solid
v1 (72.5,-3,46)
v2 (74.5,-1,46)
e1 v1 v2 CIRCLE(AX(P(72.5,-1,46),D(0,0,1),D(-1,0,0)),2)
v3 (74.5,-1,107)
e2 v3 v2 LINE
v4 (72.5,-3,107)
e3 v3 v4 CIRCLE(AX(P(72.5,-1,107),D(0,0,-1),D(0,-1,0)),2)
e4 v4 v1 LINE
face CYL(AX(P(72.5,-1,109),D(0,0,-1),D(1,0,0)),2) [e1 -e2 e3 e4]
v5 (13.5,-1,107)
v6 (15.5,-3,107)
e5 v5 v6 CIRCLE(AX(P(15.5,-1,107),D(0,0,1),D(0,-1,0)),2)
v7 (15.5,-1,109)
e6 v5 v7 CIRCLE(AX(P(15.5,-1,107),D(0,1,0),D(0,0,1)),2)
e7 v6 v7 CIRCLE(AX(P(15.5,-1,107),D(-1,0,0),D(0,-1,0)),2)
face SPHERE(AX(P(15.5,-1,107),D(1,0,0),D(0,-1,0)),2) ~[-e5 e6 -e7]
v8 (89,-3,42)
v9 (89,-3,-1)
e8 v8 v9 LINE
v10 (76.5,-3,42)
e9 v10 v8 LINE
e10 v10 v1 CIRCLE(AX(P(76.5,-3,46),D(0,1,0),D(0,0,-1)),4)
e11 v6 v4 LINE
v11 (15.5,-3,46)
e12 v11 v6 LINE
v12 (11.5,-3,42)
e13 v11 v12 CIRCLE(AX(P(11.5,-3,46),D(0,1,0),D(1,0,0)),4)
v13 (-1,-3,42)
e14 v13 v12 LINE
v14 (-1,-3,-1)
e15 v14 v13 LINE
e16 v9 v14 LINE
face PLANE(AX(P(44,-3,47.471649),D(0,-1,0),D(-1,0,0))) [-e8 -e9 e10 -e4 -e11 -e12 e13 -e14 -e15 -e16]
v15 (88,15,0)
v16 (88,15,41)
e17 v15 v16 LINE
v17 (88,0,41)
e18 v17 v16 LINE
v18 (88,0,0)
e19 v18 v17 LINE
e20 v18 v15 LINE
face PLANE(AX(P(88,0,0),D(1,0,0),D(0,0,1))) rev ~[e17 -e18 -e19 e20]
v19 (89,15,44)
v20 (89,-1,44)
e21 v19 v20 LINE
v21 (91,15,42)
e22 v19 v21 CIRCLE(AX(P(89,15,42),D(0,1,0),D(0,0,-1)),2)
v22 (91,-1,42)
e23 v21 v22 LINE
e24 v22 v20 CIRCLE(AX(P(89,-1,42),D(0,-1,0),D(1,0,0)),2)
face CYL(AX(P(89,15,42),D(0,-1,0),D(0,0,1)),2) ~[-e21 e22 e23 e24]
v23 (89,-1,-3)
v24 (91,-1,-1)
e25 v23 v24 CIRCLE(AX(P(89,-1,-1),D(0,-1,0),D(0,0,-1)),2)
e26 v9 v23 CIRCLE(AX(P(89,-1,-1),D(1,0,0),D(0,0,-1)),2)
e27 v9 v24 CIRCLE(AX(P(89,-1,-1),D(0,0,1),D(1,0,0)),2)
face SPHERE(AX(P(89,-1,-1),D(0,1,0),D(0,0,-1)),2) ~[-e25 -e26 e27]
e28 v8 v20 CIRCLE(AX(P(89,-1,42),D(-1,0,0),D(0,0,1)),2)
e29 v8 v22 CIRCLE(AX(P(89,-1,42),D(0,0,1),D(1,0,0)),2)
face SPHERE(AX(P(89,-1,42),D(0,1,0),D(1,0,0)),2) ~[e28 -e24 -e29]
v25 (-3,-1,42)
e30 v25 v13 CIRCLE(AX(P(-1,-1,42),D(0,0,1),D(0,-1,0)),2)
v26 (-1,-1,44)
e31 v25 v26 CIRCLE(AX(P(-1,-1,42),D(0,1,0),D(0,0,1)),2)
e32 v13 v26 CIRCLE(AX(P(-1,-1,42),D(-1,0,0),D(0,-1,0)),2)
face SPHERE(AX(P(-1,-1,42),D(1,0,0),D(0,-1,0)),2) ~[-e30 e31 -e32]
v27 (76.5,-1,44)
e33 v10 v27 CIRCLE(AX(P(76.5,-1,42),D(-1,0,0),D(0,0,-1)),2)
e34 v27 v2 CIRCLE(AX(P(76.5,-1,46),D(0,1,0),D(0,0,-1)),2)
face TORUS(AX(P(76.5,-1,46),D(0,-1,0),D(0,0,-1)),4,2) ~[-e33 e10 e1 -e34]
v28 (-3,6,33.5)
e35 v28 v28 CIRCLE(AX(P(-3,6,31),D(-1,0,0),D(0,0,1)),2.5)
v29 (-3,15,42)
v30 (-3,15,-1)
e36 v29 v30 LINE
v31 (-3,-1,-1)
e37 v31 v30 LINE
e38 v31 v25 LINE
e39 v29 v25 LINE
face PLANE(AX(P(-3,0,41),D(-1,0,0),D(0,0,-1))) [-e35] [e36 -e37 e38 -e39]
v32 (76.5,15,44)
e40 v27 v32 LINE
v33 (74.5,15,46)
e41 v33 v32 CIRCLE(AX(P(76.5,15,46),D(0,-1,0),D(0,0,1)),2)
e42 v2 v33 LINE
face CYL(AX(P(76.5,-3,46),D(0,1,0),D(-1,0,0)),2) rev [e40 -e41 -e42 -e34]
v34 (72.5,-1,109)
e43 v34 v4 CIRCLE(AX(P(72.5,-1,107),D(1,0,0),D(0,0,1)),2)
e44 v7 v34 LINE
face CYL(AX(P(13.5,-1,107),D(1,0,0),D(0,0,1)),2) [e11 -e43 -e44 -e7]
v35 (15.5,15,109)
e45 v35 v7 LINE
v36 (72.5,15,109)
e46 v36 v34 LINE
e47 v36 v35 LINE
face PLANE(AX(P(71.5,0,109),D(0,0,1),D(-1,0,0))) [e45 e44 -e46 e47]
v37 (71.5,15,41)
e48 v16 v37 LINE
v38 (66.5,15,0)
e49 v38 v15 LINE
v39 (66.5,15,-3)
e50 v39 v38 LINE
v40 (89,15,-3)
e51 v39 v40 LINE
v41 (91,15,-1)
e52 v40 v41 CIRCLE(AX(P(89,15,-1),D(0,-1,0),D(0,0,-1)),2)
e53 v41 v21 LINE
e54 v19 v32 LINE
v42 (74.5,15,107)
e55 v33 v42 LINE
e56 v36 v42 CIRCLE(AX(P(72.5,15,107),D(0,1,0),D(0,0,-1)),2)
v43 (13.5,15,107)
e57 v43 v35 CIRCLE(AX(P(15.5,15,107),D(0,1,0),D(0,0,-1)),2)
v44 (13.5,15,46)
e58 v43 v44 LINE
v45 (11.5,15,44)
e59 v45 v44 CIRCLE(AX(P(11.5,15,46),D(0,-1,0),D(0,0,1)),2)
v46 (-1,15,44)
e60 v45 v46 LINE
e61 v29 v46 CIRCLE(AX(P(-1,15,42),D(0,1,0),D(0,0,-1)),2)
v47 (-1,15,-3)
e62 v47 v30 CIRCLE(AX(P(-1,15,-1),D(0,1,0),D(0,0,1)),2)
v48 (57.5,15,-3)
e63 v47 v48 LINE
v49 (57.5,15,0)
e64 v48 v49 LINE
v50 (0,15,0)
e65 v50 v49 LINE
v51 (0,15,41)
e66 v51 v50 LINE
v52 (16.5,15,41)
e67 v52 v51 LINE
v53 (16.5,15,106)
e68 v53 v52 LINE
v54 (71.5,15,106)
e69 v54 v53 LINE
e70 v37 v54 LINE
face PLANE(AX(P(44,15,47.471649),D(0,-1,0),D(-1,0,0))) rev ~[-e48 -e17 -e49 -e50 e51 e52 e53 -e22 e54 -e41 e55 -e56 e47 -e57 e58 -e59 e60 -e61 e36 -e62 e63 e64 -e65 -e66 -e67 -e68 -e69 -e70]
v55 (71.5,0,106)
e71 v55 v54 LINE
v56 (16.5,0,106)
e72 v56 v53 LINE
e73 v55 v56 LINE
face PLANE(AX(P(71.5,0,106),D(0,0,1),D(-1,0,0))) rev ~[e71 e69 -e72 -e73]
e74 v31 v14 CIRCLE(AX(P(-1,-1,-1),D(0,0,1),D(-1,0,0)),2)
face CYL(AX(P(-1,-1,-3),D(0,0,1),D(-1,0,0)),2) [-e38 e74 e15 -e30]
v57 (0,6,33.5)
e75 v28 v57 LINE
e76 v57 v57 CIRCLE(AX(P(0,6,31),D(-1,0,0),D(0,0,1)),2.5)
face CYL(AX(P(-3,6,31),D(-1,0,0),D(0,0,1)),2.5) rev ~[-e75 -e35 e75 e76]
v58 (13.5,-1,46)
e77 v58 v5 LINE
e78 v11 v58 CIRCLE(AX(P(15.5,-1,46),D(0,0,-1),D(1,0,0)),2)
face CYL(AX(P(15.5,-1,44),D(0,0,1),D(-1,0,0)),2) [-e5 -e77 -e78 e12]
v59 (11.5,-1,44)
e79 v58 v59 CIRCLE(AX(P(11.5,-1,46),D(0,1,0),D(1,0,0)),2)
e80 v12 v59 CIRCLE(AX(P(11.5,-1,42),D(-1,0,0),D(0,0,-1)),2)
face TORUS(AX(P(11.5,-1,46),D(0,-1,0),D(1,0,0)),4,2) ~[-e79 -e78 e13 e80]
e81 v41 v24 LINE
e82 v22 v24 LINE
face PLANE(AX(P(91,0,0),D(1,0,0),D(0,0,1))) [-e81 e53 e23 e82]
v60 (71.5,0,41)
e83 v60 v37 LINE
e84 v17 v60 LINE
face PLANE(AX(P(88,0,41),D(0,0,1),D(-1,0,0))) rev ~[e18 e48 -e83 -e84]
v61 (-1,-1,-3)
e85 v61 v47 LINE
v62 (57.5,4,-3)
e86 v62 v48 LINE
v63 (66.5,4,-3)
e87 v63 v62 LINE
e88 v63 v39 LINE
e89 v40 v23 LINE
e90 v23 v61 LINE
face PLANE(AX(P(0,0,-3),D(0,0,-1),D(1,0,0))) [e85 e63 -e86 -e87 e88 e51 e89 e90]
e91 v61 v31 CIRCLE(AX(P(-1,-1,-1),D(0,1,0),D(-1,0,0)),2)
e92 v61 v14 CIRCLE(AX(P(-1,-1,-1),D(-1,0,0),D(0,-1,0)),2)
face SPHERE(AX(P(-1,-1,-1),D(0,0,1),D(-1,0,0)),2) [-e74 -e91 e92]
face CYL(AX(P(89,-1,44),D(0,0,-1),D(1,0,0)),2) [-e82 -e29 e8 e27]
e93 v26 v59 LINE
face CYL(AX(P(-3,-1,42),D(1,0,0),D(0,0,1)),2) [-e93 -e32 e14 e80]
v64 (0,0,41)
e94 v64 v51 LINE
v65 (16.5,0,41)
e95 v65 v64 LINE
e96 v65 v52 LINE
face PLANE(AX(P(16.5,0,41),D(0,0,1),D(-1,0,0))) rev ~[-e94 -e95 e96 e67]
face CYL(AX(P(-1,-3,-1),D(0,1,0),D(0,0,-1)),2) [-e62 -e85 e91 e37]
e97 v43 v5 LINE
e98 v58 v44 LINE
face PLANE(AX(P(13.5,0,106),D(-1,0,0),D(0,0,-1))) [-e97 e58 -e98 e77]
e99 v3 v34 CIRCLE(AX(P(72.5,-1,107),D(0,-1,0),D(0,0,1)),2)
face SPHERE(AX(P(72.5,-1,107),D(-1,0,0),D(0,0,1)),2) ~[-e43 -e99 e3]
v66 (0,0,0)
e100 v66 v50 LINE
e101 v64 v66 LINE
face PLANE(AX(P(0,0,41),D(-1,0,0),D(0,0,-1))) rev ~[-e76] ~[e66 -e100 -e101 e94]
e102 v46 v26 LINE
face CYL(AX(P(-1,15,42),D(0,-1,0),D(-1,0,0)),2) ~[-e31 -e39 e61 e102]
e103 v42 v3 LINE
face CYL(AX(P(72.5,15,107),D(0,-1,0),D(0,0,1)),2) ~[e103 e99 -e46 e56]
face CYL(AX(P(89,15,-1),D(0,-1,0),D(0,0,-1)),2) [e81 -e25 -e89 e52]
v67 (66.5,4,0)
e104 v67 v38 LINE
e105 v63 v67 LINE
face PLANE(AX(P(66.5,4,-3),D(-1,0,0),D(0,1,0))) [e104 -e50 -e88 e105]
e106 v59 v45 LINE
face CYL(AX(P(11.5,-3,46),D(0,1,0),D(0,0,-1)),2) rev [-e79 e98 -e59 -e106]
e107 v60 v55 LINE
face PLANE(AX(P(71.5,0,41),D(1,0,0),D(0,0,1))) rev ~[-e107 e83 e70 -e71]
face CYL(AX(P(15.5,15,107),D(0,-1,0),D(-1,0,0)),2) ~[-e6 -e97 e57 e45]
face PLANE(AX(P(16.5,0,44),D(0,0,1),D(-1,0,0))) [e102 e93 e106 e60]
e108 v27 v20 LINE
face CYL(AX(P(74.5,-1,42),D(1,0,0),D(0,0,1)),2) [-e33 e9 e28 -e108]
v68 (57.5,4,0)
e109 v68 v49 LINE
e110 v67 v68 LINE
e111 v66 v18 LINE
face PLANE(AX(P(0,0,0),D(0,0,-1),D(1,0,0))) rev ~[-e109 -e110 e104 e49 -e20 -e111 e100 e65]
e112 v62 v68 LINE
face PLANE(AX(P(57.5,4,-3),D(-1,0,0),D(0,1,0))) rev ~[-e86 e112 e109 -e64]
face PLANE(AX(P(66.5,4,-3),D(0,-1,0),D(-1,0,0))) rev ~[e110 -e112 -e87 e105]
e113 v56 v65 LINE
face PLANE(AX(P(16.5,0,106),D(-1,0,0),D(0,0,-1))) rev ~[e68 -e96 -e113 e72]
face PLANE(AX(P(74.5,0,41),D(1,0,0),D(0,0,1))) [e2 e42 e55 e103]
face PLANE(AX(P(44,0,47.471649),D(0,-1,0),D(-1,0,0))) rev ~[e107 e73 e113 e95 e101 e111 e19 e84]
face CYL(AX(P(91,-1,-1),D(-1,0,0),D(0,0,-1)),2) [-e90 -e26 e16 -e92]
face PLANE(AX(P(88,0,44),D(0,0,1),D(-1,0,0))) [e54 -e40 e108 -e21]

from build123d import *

# Parameters (mm, degrees)
BOSS_EXTRUDE1_DEPTH = 15
SHELL1_T            = 3
SKETCH3_W           = 9
SKETCH3_H           = 11
CUT_EXTRUDE1_DEPTH  = 3
SKETCH4_R           = 2.5
CUT_EXTRUDE2_DEPTH  = 3
FILLET1_R           = 2


with BuildPart() as part:
    # Sketch1 → Boss-Extrude1 (new body)
    with BuildSketch(Plane(origin=(0, 0, 0), x_dir=(1, 0, 0), z_dir=(0, 1, 0))):
        Polygon((0, 0), (88, 0), (88, -41), (71.5, -41), (71.5, -106), (16.5, -106), (16.5, -41), (0, -41), align=None)
    extrude(amount=BOSS_EXTRUDE1_DEPTH)

    # Shell1
    shell1_openings = [part.faces().sort_by_distance(p)[0] for p in [
        (44, 15, 46.878254211),
    ]]
    offset(amount=SHELL1_T, openings=shell1_openings, kind=Kind.INTERSECTION)

    # Sketch3 → Cut-Extrude1 (cut)
    with BuildSketch(Plane(origin=(0, 0, -3), x_dir=(-1, 0, 0), z_dir=(0, 0, -1))):
        with Locations((-62, 9.5)):
            Rectangle(SKETCH3_W, SKETCH3_H)
    extrude(amount=-CUT_EXTRUDE1_DEPTH, mode=Mode.SUBTRACT)

    # Sketch4 → Cut-Extrude2 (cut)
    with BuildSketch(Plane.ZY.offset(3)):
        with Locations((31, 6)):
            Circle(SKETCH4_R)
    extrude(amount=-CUT_EXTRUDE2_DEPTH, mode=Mode.SUBTRACT)

    # Fillet1
    fillet1_edges = [part.edges().sort_by_distance(p)[0] for p in [
        (44, -3, 109),
        (13.5, -3, 76.5),
        (5.25, -3, 44),
        (-3, -3, 20.5),
        (-3, 6, -3),
        (91, 6, -3),
        (91, 6, 44),
        (74.5, 6, 44),
        (74.5, 6, 109),
        (13.5, 6, 109),
        (13.5, 6, 44),
        (-3, 6, 44),
        (44, -3, -3),
        (91, -3, 20.5),
        (82.75, -3, 44),
        (74.5, -3, 76.5),
    ]]
    fillet(fillet1_edges, radius=FILLET1_R)


solid = part.part
